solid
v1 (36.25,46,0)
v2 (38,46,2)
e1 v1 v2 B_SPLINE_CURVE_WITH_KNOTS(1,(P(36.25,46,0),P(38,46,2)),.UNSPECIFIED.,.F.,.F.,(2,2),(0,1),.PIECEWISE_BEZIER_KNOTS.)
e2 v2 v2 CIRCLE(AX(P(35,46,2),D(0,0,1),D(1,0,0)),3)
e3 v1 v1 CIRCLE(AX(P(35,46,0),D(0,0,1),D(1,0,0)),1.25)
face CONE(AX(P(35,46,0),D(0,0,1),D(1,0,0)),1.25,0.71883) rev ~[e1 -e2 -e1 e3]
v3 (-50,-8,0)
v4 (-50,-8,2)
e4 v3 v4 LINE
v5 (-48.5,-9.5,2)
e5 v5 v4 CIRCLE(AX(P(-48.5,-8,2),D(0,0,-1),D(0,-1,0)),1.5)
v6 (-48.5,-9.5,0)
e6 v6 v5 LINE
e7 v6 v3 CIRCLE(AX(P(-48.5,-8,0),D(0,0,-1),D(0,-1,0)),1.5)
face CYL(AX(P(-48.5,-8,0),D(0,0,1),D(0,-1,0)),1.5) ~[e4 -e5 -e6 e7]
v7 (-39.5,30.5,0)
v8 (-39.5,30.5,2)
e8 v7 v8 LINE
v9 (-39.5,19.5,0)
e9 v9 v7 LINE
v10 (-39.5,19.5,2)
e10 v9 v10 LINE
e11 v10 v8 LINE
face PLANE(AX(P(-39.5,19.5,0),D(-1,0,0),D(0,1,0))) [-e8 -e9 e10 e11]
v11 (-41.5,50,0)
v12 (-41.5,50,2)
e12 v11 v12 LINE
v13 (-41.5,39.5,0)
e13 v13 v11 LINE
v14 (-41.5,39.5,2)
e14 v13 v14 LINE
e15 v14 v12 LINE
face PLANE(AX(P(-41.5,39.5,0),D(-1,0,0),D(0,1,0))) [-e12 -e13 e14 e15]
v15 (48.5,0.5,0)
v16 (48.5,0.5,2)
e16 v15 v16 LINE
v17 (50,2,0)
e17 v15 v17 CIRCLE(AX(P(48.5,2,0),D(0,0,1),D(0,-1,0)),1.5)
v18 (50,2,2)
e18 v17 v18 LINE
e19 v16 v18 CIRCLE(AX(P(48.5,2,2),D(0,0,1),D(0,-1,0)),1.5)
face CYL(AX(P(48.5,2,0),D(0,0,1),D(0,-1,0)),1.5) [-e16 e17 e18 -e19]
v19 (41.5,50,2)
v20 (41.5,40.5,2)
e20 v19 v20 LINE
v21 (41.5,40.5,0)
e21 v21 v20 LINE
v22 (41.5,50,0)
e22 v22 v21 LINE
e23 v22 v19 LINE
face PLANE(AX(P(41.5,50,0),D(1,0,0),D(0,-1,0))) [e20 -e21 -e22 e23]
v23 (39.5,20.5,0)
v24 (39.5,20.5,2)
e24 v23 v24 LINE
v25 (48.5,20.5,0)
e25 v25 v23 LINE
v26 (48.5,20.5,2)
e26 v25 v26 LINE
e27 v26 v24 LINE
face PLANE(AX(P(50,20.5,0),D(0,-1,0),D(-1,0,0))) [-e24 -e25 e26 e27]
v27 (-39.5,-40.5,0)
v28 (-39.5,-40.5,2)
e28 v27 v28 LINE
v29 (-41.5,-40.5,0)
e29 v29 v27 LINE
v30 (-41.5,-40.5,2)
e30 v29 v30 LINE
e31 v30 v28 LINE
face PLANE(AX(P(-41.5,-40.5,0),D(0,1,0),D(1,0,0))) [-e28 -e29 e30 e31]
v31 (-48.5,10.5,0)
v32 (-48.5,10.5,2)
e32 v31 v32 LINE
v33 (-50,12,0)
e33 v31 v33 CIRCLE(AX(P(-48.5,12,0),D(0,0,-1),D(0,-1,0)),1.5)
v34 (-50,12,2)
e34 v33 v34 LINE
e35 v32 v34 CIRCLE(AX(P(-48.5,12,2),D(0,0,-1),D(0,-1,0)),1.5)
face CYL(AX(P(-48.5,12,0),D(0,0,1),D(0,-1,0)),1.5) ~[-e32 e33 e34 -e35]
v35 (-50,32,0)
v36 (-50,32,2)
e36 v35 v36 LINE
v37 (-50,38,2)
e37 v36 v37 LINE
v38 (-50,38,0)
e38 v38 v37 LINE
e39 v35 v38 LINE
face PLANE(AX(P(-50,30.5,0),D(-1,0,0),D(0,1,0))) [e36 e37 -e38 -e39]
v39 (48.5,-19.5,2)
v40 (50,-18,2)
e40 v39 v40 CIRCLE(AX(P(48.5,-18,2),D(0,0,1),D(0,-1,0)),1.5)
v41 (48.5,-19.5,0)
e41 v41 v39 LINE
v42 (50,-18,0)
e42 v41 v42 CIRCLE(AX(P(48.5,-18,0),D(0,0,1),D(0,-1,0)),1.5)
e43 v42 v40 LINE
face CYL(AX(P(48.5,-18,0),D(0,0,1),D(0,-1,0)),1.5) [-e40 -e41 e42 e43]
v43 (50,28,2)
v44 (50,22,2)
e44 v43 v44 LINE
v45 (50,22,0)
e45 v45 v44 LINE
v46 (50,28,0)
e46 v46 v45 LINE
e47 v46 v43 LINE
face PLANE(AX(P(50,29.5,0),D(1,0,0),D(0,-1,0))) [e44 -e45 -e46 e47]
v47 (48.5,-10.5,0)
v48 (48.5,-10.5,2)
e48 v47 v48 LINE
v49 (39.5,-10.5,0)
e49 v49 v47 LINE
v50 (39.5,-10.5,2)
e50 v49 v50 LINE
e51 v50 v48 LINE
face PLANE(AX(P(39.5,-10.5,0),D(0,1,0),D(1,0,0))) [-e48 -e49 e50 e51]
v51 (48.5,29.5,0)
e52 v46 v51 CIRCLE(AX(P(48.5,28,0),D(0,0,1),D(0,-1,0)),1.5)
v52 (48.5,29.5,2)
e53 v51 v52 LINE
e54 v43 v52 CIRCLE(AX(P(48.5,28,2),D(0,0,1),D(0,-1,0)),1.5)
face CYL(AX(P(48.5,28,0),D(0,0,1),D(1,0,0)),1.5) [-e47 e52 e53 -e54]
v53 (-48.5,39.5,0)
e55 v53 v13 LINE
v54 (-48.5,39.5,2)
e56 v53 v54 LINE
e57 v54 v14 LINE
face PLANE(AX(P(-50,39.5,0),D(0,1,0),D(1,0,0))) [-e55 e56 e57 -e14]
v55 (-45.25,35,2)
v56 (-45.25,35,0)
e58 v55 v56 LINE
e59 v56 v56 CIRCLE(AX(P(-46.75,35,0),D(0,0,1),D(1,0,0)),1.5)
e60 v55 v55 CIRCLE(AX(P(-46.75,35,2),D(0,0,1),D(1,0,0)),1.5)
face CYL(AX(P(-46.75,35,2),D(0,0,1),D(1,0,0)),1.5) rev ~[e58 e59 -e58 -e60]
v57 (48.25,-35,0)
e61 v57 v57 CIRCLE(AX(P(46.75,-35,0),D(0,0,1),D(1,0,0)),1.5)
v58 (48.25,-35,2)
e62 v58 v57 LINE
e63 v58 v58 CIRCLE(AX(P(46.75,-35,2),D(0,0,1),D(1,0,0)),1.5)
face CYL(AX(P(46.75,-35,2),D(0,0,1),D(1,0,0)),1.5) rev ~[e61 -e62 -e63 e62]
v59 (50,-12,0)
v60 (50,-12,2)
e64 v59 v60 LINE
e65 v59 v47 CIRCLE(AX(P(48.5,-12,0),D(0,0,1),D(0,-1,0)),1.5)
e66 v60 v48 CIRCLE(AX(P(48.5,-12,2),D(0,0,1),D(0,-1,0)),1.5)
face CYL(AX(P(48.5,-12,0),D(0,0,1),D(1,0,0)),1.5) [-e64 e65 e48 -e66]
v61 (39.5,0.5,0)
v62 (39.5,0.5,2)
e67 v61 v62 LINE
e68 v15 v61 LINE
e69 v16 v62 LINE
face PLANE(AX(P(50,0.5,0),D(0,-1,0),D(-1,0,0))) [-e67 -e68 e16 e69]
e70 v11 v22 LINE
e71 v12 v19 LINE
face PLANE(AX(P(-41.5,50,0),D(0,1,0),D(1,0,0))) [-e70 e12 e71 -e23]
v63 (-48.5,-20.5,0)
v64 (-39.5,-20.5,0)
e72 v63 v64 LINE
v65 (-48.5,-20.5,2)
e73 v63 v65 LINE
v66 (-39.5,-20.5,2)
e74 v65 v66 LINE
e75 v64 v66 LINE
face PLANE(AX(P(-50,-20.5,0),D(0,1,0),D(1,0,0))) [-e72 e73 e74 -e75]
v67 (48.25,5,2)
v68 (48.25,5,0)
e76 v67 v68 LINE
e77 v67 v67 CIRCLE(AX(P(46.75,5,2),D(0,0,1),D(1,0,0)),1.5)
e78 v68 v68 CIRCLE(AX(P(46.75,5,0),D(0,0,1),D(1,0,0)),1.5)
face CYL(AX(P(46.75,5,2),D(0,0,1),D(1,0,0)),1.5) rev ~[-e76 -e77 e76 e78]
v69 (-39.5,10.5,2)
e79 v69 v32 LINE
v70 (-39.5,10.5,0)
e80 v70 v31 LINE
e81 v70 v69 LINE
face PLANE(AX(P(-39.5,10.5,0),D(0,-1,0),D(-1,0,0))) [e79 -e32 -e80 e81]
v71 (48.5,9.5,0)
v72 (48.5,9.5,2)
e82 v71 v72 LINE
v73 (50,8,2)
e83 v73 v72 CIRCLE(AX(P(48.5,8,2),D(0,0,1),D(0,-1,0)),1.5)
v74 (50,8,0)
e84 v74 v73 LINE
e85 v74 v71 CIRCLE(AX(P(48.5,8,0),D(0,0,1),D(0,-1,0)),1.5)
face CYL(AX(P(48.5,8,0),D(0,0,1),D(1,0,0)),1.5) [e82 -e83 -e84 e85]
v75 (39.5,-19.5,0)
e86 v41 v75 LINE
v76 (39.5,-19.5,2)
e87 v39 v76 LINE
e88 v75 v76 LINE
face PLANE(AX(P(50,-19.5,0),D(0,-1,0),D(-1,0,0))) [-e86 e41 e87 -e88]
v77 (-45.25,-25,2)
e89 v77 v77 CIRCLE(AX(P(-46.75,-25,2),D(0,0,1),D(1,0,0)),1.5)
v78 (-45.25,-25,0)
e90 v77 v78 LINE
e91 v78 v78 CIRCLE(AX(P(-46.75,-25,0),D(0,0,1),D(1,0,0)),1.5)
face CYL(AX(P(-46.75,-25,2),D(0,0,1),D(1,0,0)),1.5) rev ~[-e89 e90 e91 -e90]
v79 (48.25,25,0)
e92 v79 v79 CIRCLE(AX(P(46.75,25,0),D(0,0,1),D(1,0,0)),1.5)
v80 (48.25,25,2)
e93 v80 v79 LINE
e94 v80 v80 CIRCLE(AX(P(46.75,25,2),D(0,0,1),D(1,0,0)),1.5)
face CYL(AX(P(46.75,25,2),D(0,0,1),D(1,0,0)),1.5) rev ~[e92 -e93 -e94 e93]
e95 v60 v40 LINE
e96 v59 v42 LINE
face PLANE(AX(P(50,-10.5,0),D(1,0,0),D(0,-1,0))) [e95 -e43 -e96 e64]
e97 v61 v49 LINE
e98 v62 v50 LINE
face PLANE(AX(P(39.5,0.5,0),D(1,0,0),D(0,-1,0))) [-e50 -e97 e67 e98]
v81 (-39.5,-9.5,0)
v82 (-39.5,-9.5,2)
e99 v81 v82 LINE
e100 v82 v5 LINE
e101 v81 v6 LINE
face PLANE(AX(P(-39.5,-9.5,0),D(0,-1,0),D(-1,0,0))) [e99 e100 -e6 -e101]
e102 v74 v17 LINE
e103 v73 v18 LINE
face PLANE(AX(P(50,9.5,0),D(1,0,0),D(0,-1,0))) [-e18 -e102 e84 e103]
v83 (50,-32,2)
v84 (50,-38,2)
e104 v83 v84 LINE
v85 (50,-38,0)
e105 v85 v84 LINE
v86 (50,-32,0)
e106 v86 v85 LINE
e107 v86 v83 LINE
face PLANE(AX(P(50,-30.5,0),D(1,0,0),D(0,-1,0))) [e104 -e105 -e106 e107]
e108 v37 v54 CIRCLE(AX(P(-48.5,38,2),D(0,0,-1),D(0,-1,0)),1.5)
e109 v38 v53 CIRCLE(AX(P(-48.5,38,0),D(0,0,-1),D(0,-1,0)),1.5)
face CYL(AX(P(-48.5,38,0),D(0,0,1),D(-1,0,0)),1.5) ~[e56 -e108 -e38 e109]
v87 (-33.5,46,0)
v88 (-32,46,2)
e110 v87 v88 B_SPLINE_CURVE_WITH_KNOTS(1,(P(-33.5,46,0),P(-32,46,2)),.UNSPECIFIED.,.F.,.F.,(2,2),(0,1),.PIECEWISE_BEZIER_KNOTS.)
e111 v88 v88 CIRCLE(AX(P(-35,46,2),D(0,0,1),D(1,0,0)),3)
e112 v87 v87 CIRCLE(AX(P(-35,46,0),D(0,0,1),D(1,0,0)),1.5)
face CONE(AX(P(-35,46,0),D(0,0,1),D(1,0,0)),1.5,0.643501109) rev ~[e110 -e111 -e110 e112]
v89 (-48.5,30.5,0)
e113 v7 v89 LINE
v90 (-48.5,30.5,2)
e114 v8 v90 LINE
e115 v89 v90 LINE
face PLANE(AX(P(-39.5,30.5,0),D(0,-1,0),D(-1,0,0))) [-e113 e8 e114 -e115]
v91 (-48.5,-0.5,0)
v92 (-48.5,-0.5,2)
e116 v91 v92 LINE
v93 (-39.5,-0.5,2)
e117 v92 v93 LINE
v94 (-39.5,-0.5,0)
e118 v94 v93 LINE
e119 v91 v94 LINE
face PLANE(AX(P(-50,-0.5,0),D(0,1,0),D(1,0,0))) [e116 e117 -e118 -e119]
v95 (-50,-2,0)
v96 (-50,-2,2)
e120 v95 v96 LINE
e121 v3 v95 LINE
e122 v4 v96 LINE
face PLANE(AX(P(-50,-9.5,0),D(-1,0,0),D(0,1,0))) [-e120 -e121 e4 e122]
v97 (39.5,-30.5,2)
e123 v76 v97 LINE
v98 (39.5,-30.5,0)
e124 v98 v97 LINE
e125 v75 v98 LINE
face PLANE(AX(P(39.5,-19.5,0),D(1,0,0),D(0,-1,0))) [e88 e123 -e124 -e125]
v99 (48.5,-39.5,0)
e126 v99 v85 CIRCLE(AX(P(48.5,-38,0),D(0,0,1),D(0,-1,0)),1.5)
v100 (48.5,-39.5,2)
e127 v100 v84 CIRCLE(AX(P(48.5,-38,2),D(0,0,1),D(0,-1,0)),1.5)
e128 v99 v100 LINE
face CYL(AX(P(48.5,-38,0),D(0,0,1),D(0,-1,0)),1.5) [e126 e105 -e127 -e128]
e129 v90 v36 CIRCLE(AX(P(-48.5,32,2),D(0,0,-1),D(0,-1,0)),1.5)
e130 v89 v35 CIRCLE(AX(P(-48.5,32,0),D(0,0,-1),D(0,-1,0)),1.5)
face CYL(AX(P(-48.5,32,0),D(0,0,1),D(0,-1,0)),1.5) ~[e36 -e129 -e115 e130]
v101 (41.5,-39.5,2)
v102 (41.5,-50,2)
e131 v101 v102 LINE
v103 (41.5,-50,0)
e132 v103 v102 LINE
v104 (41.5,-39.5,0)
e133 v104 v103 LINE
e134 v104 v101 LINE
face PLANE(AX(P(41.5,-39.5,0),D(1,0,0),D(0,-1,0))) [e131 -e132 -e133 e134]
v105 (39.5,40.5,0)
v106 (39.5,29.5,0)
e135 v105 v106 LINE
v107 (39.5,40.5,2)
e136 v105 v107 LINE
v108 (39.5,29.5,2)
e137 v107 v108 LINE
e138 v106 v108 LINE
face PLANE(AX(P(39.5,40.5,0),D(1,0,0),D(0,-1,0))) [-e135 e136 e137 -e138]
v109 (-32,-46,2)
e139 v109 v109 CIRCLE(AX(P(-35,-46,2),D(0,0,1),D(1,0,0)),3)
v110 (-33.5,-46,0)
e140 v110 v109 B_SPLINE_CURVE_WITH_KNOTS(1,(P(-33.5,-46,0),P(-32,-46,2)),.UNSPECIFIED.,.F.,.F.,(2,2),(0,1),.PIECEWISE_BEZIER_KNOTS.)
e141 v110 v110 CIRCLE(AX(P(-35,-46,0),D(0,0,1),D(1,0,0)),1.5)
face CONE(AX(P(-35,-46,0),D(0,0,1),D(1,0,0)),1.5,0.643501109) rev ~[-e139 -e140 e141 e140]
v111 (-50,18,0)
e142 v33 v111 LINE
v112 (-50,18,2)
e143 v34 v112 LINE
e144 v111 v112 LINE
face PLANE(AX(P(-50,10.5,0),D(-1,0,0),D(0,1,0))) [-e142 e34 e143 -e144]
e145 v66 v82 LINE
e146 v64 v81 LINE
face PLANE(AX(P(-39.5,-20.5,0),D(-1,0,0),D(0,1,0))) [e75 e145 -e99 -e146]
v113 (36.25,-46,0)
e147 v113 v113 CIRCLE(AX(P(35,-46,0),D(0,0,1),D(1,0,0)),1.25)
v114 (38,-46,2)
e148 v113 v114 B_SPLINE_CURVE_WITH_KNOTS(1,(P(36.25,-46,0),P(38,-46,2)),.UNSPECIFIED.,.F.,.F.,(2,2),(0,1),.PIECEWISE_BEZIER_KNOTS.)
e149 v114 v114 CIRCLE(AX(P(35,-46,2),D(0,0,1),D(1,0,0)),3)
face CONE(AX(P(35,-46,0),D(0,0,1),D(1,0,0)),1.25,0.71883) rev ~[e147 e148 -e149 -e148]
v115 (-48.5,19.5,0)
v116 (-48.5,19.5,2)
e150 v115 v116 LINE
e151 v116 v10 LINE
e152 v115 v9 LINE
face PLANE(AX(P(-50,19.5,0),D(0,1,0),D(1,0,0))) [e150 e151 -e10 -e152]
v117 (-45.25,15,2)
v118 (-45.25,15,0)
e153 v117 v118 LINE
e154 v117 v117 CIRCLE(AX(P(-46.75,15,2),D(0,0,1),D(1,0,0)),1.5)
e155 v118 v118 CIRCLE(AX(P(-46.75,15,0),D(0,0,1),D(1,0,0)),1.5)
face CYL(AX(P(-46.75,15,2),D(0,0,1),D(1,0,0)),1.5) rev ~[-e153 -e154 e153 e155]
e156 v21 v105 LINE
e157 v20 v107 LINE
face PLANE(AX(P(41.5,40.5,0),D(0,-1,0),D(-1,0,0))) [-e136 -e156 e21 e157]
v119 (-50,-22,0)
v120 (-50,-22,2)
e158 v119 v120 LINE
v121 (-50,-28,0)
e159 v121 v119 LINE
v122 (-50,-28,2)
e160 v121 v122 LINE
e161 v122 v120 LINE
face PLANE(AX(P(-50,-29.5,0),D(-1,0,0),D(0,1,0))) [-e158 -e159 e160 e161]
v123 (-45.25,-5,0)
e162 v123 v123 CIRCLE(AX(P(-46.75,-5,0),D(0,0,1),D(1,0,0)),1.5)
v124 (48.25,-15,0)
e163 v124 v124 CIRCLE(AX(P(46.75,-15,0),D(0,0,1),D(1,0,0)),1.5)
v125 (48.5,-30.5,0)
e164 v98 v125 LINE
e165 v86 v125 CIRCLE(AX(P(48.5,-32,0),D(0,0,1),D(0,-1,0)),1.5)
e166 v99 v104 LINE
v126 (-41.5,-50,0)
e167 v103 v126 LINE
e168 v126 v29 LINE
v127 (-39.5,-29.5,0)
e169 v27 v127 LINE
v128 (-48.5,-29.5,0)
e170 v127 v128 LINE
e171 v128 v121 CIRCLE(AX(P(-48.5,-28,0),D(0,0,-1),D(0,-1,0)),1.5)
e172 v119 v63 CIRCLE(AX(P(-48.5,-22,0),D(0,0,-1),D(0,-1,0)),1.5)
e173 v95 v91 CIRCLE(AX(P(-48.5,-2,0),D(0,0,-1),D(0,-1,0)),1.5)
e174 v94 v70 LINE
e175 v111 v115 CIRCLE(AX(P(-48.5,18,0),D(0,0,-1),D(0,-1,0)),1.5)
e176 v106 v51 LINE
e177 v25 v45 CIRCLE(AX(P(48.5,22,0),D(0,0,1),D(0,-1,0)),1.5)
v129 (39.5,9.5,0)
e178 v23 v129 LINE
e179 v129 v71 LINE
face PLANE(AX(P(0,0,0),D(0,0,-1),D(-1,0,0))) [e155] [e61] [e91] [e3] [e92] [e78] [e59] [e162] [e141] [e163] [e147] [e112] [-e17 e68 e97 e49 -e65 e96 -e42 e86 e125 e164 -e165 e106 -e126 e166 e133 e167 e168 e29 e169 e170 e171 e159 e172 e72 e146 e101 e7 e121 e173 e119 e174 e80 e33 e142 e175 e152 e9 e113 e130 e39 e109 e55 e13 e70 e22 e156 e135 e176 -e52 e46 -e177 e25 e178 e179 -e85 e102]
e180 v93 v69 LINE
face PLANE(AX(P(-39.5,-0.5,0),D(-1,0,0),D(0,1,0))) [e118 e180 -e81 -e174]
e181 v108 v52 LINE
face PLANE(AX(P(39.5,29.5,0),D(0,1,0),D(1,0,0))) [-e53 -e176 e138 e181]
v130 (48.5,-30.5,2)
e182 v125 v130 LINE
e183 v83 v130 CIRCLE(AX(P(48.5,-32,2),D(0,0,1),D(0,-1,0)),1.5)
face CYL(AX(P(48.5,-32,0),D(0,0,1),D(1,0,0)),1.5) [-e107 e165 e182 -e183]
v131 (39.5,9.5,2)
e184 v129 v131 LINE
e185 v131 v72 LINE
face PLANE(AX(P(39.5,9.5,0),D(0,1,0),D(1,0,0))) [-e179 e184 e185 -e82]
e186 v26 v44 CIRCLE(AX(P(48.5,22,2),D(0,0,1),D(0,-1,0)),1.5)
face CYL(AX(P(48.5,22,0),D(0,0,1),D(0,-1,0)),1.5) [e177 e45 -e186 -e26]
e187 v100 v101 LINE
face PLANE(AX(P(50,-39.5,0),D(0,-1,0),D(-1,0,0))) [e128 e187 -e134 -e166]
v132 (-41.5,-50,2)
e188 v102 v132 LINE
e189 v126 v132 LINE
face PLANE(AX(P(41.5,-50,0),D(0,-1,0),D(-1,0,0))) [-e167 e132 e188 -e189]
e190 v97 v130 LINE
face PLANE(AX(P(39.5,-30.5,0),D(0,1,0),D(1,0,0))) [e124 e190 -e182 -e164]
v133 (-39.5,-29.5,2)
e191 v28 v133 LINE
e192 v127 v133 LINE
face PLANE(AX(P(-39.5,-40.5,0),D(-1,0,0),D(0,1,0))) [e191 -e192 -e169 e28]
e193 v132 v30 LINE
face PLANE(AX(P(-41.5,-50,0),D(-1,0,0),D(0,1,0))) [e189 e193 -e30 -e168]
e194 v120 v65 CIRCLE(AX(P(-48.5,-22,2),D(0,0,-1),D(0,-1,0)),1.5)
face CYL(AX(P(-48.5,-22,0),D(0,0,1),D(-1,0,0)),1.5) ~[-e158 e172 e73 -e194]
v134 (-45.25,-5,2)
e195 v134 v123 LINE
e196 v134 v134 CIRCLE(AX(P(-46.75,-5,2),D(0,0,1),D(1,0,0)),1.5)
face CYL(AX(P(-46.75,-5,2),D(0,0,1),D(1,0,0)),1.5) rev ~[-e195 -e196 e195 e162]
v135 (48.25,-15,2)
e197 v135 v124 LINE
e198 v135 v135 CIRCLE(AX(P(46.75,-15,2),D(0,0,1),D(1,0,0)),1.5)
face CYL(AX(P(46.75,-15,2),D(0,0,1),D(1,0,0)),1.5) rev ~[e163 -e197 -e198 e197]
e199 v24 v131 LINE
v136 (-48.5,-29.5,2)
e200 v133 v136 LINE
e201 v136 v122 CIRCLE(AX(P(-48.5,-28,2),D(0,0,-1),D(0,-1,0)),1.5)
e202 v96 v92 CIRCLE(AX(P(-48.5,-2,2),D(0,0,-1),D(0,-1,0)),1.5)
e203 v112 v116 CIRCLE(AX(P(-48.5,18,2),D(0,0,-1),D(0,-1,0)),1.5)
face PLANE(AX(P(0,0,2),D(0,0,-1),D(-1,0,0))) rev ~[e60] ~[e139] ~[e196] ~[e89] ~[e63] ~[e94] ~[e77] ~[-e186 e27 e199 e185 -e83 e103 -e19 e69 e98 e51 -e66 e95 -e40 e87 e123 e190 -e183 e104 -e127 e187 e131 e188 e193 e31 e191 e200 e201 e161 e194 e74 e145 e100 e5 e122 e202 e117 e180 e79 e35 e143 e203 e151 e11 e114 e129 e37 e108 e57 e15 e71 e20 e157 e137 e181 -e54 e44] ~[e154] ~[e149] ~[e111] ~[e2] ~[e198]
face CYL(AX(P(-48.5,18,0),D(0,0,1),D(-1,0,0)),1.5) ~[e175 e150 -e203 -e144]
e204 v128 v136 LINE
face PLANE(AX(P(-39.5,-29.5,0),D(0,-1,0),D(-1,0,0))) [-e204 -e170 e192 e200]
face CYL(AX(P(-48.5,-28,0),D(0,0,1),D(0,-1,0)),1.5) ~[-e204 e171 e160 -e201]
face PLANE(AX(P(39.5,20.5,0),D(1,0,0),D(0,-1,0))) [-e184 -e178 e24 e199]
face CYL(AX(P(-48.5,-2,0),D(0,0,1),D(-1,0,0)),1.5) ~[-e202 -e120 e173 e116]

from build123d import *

# Parameters (mm, degrees)
SKETCH008_R         = 1.25
SKETCH009_R         = 3
SKETCH006_R         = 1.25
SKETCH007_R         = 3
SKETCH004_R         = 1.5
SKETCH005_R         = 3
SKETCH002_R         = 1.5
SKETCH003_R         = 3
PAD_DEPTH           = 2
SKETCH001_R         = 1.5
POCKET_DEPTH        = 2.001
LINEARPATTERN_COUNT = 4
LINEARPATTERN_PITCH = 20
FILLET_R            = 1.5


with BuildPart() as loft003:
    # Sketch008 → Loft003 section 0
    with BuildSketch(Plane.XY):
        with Locations((35, -46)):
            Circle(SKETCH008_R)
    # Sketch009 → Loft003 section 1
    with BuildSketch(Plane.XY.offset(2)):
        with Locations((35, -46)):
            Circle(SKETCH009_R)
    loft(ruled=True)


with BuildPart() as loft002:
    # Sketch006 → Loft002 section 0
    with BuildSketch(Plane.XY):
        with Locations((35, 46)):
            Circle(SKETCH006_R)
    # Sketch007 → Loft002 section 1
    with BuildSketch(Plane.XY.offset(2)):
        with Locations((35, 46)):
            Circle(SKETCH007_R)
    loft(ruled=True)


with BuildPart() as loft001:
    # Sketch004 → Loft001 section 0
    with BuildSketch(Plane.XY):
        with Locations((-35, -46)):
            Circle(SKETCH004_R)
    # Sketch005 → Loft001 section 1
    with BuildSketch(Plane.XY.offset(2)):
        with Locations((-35, -46)):
            Circle(SKETCH005_R)
    loft(ruled=True)


with BuildPart() as loft_body:
    # Sketch002 → Loft section 0
    with BuildSketch(Plane.XY):
        with Locations((-35, 46)):
            Circle(SKETCH002_R)
    # Sketch003 → Loft section 1
    with BuildSketch(Plane.XY.offset(2)):
        with Locations((-35, 46)):
            Circle(SKETCH003_R)
    loft(ruled=True)


with BuildPart() as cut003:
    # Sketch → Pad (new body)
    with BuildSketch(Plane.XY):
        Polygon((-41.5, -50), (-41.5, -40.5), (-39.5, -40.5), (-39.5, -29.5), (-50, -29.5), (-50, -20.5), (-39.5, -20.5), (-39.5, -9.5), (-50, -9.5), (-50, -0.5), (-39.5, -0.5), (-39.5, 10.5), (-50, 10.5), (-50, 19.5), (-39.5, 19.5), (-39.5, 30.5), (-50, 30.5), (-50, 39.5), (-41.5, 39.5), (-41.5, 50), (41.5, 50), (41.5, 40.5), (39.5, 40.5), (39.5, 29.5), (50, 29.5), (50, 20.5), (39.5, 20.5), (39.5, 9.5), (50, 9.5), (50, 0.5), (39.5, 0.5), (39.5, -10.5), (50, -10.5), (50, -19.5), (39.5, -19.5), (39.5, -30.5), (50, -30.5), (50, -39.5), (41.5, -39.5), (41.5, -50), align=None)
    extrude(amount=PAD_DEPTH)

    # Sketch001 → Pocket (cut, through all)
    with BuildSketch(Plane.XY.offset(2)):
        with Locations((-46.75, -25)):
            Circle(SKETCH001_R)
        with Locations((46.75, -35)):
            Circle(SKETCH001_R)
    pocket = extrude(amount=-POCKET_DEPTH, mode=Mode.SUBTRACT)

    # LinearPattern: Pocket ×4
    with Locations(*[(0, i * LINEARPATTERN_PITCH, 0) for i in range(1, LINEARPATTERN_COUNT)]):
        add(pocket, mode=Mode.SUBTRACT)

    # Fillet
    fillet_edges = [cut003.edges().sort_by_distance(p)[0] for p in [
        (50, -39.5, 1),
        (-50, -29.5, 1),
        (50, -30.5, 1),
        (-50, -20.5, 1),
        (50, -19.5, 1),
        (-50, -9.5, 1),
        (50, -10.5, 1),
        (-50, -0.5, 1),
        (50, 0.5, 1),
        (-50, 10.5, 1),
        (50, 9.5, 1),
        (-50, 19.5, 1),
        (50, 20.5, 1),
        (-50, 30.5, 1),
        (50, 29.5, 1),
        (-50, 39.5, 1),
    ]]
    fillet(fillet_edges, radius=FILLET_R)

    # Cut: cut Loft body
    add(loft_body.part, mode=Mode.SUBTRACT)

    # Cut001: cut Loft001
    add(loft001.part, mode=Mode.SUBTRACT)

    # Cut002: cut Loft002
    add(loft002.part, mode=Mode.SUBTRACT)

    # Cut003: cut Loft003
    add(loft003.part, mode=Mode.SUBTRACT)


solid = cut003.part
